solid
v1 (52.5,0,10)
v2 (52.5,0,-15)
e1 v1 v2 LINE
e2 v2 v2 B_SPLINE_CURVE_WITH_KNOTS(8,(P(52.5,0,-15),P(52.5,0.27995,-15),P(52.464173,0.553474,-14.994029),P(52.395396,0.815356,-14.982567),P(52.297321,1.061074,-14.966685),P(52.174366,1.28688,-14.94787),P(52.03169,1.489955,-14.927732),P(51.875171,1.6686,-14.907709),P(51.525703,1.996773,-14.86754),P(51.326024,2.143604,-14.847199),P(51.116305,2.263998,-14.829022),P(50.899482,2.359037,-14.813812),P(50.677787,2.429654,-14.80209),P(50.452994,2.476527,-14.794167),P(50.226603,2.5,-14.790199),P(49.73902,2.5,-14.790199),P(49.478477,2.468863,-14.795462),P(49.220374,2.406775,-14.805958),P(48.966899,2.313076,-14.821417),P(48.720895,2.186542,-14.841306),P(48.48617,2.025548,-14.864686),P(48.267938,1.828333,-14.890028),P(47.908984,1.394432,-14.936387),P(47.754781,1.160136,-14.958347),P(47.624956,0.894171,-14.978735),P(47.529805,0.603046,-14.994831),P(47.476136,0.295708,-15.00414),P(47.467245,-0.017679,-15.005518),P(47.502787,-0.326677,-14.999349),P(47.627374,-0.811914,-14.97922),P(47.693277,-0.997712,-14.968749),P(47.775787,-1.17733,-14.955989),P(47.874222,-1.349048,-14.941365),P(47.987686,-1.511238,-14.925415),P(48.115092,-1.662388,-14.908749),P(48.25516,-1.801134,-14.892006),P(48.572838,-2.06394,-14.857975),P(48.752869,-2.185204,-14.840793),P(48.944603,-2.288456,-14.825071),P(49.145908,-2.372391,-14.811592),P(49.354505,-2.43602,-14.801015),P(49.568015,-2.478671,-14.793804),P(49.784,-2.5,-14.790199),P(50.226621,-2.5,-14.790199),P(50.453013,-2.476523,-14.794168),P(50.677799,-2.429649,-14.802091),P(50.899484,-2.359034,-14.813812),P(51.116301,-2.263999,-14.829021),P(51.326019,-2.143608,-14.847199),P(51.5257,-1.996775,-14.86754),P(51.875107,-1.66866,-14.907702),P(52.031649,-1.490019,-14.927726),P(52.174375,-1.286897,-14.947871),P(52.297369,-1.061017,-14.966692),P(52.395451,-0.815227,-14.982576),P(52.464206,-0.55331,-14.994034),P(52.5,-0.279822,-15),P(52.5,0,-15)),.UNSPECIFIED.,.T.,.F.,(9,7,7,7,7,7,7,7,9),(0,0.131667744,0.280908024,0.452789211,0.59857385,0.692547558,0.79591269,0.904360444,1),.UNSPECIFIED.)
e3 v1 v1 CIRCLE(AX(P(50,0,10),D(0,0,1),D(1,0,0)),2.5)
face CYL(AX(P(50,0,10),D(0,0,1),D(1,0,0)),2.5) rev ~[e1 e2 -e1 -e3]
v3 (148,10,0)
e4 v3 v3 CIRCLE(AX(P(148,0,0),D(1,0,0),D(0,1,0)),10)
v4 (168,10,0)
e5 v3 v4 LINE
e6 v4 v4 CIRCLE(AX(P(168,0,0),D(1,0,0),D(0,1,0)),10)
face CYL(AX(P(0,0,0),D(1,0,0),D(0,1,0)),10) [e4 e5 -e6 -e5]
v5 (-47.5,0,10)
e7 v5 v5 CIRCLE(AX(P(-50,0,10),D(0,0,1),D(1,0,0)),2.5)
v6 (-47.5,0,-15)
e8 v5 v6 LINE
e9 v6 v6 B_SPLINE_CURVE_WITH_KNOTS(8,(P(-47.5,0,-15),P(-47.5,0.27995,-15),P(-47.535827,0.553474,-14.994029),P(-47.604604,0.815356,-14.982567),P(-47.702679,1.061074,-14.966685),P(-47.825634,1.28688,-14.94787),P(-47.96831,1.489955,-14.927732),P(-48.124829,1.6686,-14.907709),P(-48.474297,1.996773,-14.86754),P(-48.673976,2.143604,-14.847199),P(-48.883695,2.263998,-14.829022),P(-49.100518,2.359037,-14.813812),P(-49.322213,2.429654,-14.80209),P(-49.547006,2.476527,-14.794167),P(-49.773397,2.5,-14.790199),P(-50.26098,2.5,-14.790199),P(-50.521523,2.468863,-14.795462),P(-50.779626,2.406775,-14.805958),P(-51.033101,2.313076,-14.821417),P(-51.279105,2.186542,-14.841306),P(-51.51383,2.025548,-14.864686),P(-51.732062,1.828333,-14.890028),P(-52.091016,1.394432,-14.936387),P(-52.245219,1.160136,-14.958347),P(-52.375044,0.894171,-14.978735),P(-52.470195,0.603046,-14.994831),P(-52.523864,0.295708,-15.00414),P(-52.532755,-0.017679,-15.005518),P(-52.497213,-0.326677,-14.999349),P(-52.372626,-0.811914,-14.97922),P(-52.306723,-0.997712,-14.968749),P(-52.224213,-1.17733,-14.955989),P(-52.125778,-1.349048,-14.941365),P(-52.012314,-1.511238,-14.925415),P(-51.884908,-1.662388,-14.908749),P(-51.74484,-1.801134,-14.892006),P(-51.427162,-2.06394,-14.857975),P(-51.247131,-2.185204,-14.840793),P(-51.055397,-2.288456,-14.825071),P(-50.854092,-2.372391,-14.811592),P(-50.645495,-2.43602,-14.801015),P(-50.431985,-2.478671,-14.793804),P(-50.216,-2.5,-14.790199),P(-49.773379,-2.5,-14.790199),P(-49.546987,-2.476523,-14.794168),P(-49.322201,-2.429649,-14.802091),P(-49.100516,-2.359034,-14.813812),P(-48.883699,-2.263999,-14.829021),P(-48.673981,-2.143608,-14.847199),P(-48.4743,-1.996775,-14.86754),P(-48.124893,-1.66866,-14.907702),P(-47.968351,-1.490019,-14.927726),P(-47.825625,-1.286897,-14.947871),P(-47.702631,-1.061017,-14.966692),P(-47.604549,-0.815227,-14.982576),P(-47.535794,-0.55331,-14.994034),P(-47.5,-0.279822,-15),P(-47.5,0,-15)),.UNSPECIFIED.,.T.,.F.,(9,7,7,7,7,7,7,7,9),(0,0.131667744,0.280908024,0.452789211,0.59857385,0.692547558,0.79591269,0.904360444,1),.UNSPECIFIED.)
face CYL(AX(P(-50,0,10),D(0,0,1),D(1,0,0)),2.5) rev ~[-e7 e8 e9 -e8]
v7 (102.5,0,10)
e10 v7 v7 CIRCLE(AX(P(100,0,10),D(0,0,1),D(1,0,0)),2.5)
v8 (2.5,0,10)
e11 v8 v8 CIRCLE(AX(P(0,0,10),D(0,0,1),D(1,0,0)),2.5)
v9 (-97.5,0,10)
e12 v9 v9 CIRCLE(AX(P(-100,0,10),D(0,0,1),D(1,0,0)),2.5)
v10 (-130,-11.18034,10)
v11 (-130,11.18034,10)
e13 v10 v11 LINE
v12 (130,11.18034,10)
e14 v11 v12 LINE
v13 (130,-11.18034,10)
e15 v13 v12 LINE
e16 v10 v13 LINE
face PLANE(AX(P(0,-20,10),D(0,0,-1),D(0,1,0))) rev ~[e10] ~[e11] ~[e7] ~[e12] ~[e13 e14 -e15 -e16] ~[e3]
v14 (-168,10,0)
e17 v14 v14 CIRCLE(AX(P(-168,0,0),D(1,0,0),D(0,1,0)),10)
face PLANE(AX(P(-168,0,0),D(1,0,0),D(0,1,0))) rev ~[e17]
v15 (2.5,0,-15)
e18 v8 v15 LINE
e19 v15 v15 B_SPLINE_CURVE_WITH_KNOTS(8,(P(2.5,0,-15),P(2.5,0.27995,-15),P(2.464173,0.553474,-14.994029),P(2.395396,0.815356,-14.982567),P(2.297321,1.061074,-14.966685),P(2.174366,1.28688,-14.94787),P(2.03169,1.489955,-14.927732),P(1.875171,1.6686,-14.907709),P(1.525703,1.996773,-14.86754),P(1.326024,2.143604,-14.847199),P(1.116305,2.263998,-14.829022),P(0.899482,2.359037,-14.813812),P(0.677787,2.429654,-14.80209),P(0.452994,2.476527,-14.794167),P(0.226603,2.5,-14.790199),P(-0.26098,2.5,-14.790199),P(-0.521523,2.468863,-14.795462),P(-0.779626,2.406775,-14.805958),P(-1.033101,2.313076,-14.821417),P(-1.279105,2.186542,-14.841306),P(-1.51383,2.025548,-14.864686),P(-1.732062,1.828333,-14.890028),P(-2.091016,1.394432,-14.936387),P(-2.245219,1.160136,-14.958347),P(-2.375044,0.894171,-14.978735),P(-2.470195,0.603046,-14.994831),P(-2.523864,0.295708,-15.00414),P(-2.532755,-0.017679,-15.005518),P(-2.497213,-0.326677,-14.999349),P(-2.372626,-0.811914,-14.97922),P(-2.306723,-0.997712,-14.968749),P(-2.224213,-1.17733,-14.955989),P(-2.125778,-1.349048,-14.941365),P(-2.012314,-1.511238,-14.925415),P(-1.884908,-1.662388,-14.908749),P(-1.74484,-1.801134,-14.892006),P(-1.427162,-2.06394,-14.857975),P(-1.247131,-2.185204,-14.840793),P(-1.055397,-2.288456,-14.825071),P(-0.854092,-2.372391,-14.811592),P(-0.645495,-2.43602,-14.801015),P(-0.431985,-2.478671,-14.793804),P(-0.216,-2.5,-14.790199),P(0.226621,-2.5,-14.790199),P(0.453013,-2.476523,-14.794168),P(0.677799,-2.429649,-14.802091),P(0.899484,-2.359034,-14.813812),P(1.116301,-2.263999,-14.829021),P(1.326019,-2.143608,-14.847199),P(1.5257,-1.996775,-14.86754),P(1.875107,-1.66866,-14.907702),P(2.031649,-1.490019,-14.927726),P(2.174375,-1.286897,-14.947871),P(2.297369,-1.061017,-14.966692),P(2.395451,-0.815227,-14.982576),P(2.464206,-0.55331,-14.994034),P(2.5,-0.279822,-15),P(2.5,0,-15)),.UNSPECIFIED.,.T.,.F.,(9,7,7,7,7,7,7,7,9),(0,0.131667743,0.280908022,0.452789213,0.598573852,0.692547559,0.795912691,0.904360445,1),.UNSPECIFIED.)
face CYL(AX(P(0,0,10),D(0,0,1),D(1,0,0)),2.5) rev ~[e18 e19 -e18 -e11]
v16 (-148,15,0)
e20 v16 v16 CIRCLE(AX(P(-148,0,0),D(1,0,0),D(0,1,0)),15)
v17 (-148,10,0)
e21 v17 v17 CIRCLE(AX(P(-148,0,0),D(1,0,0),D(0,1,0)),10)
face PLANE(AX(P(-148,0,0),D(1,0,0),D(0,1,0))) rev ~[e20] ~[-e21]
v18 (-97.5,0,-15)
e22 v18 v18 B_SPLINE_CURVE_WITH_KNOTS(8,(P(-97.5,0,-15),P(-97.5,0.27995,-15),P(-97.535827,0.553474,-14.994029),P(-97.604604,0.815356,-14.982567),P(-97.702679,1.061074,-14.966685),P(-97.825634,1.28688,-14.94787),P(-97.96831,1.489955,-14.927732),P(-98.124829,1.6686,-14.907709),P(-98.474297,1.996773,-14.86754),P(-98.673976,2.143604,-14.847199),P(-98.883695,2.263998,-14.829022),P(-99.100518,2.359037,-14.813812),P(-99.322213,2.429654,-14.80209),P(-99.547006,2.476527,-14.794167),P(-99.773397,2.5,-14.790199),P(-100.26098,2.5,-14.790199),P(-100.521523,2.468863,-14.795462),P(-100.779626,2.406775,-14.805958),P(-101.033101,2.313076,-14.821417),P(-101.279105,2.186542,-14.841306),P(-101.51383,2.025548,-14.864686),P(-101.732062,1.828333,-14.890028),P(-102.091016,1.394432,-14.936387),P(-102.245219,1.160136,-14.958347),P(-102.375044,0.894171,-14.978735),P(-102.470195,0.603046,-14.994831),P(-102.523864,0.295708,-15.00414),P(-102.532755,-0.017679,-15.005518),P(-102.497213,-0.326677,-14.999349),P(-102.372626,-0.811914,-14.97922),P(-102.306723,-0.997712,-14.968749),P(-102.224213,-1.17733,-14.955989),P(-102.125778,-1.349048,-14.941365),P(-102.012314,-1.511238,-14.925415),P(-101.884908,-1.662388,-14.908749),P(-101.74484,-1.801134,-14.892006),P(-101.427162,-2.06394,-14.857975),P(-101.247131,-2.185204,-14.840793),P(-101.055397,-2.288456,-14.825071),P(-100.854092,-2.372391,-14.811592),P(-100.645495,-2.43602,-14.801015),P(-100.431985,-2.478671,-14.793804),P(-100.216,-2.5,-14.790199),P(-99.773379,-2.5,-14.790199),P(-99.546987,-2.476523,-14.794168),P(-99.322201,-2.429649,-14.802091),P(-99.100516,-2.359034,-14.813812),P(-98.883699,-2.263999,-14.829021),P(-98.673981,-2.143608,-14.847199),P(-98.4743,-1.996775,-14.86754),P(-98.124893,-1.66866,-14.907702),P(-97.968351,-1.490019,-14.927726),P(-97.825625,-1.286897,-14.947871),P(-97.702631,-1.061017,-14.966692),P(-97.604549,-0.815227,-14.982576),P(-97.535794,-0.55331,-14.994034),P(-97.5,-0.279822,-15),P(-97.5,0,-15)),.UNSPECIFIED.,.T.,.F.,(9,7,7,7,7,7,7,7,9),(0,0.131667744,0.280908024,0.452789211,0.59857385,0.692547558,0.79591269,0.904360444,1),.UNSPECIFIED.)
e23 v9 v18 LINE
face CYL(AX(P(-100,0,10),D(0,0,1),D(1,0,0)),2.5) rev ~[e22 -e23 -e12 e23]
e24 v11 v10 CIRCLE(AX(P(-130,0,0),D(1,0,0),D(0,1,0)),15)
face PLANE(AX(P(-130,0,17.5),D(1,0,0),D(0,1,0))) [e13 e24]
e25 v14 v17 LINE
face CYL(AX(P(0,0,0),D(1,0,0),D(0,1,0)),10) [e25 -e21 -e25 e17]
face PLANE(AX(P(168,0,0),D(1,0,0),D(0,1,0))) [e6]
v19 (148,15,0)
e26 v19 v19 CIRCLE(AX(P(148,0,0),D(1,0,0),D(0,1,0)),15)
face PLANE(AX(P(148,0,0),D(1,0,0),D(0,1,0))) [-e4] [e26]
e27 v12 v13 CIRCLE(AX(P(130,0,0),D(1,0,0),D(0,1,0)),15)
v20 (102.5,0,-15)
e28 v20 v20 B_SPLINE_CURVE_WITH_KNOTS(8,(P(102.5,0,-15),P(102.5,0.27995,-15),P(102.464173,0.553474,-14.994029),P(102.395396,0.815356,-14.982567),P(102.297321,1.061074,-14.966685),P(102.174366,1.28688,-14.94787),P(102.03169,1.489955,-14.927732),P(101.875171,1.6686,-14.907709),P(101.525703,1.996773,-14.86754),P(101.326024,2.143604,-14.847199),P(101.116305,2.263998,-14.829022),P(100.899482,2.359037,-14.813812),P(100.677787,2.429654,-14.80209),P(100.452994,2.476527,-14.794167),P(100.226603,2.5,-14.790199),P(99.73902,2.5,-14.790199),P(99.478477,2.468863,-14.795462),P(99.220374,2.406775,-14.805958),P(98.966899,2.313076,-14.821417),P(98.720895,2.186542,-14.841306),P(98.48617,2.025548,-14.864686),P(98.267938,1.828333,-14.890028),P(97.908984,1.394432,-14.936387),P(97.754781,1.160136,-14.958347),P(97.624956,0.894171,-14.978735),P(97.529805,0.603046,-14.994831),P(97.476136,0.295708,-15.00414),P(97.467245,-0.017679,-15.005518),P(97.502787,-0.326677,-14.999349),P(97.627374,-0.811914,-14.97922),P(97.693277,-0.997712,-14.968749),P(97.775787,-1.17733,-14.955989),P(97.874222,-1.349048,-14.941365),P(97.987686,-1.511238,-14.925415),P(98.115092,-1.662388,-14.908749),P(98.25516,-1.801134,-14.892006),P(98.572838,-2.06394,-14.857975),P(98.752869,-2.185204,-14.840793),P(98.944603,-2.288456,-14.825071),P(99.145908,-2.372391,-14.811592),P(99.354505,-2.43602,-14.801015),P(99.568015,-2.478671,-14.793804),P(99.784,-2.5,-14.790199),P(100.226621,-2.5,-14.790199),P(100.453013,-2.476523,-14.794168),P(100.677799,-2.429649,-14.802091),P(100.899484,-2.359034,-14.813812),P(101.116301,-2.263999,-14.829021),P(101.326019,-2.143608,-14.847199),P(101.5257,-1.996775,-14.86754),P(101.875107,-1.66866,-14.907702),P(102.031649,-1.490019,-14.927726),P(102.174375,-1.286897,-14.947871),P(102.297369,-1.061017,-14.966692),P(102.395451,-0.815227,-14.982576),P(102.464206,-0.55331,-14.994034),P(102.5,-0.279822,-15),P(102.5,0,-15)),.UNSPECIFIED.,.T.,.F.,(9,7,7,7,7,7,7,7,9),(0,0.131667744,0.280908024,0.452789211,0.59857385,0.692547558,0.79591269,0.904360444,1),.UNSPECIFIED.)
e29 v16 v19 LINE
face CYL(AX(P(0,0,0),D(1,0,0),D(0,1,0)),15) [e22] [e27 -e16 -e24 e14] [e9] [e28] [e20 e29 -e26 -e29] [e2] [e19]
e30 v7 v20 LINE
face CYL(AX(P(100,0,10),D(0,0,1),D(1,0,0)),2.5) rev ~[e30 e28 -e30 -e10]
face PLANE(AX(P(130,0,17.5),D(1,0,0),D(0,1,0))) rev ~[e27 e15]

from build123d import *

# Parameters (mm, degrees)
SKETCH_R     = 10
PAD_DEPTH    = 168
SKETCH001_R  = 15
PAD001_DEPTH = 148
SKETCH002_W  = 40
SKETCH002_H  = 15
POCKET_DEPTH = 130
SKETCH003_R  = 2.5
HOLE_DEPTH   = 25
HOLE_TIPS_R  = 2.5


with BuildPart() as part:
    # Sketch → Pad (new body, symmetric)
    with BuildSketch(Plane.YZ):
        Circle(SKETCH_R)
    extrude(amount=PAD_DEPTH, both=True)

    # Sketch001 → Pad001 (join, symmetric)
    with BuildSketch(Plane.YZ):
        Circle(SKETCH001_R)
    extrude(amount=PAD001_DEPTH, both=True)

    # Sketch002 → Pocket (cut, symmetric)
    with BuildSketch(Plane.YZ):
        with Locations((0, 17.5)):
            Rectangle(SKETCH002_W, SKETCH002_H)
    extrude(amount=POCKET_DEPTH, both=True, mode=Mode.SUBTRACT)

    # Sketch003 → Hole (cut)
    with BuildSketch(Plane.XY.offset(10)):
        Circle(SKETCH003_R)
        with Locations((-50, 0)):
            Circle(SKETCH003_R)
        with Locations((-100, 0)):
            Circle(SKETCH003_R)
        with Locations((50, 0)):
            Circle(SKETCH003_R)
        with Locations((100, 0)):
            Circle(SKETCH003_R)
    extrude(amount=-HOLE_DEPTH, mode=Mode.SUBTRACT)

    # Hole tips → Hole tip 1 section 0
    with BuildSketch(Plane.XY.offset(-15), mode=Mode.PRIVATE) as hole_tip_1_s0:
        Circle(HOLE_TIPS_R)
    loft([hole_tip_1_s0.sketch, Vertex(0, 0, -16.502152)], mode=Mode.SUBTRACT)

    # Hole tips → Hole tip 2 section 0
    with BuildSketch(Plane.XY.offset(-15), mode=Mode.PRIVATE) as hole_tip_2_s0:
        with Locations((-50, 0)):
            Circle(HOLE_TIPS_R)
    loft([hole_tip_2_s0.sketch, Vertex(-50, 0, -16.502152)], mode=Mode.SUBTRACT)

    # Hole tips → Hole tip 3 section 0
    with BuildSketch(Plane.XY.offset(-15), mode=Mode.PRIVATE) as hole_tip_3_s0:
        with Locations((-100, 0)):
            Circle(HOLE_TIPS_R)
    loft([hole_tip_3_s0.sketch, Vertex(-100, 0, -16.502152)], mode=Mode.SUBTRACT)

    # Hole tips → Hole tip 4 section 0
    with BuildSketch(Plane.XY.offset(-15), mode=Mode.PRIVATE) as hole_tip_4_s0:
        with Locations((50, 0)):
            Circle(HOLE_TIPS_R)
    loft([hole_tip_4_s0.sketch, Vertex(50, 0, -16.502152)], mode=Mode.SUBTRACT)

    # Hole tips → Hole tip 5 section 0
    with BuildSketch(Plane.XY.offset(-15), mode=Mode.PRIVATE) as hole_tip_5_s0:
        with Locations((100, 0)):
            Circle(HOLE_TIPS_R)
    loft([hole_tip_5_s0.sketch, Vertex(100, 0, -16.502152)], mode=Mode.SUBTRACT)


solid = part.part
